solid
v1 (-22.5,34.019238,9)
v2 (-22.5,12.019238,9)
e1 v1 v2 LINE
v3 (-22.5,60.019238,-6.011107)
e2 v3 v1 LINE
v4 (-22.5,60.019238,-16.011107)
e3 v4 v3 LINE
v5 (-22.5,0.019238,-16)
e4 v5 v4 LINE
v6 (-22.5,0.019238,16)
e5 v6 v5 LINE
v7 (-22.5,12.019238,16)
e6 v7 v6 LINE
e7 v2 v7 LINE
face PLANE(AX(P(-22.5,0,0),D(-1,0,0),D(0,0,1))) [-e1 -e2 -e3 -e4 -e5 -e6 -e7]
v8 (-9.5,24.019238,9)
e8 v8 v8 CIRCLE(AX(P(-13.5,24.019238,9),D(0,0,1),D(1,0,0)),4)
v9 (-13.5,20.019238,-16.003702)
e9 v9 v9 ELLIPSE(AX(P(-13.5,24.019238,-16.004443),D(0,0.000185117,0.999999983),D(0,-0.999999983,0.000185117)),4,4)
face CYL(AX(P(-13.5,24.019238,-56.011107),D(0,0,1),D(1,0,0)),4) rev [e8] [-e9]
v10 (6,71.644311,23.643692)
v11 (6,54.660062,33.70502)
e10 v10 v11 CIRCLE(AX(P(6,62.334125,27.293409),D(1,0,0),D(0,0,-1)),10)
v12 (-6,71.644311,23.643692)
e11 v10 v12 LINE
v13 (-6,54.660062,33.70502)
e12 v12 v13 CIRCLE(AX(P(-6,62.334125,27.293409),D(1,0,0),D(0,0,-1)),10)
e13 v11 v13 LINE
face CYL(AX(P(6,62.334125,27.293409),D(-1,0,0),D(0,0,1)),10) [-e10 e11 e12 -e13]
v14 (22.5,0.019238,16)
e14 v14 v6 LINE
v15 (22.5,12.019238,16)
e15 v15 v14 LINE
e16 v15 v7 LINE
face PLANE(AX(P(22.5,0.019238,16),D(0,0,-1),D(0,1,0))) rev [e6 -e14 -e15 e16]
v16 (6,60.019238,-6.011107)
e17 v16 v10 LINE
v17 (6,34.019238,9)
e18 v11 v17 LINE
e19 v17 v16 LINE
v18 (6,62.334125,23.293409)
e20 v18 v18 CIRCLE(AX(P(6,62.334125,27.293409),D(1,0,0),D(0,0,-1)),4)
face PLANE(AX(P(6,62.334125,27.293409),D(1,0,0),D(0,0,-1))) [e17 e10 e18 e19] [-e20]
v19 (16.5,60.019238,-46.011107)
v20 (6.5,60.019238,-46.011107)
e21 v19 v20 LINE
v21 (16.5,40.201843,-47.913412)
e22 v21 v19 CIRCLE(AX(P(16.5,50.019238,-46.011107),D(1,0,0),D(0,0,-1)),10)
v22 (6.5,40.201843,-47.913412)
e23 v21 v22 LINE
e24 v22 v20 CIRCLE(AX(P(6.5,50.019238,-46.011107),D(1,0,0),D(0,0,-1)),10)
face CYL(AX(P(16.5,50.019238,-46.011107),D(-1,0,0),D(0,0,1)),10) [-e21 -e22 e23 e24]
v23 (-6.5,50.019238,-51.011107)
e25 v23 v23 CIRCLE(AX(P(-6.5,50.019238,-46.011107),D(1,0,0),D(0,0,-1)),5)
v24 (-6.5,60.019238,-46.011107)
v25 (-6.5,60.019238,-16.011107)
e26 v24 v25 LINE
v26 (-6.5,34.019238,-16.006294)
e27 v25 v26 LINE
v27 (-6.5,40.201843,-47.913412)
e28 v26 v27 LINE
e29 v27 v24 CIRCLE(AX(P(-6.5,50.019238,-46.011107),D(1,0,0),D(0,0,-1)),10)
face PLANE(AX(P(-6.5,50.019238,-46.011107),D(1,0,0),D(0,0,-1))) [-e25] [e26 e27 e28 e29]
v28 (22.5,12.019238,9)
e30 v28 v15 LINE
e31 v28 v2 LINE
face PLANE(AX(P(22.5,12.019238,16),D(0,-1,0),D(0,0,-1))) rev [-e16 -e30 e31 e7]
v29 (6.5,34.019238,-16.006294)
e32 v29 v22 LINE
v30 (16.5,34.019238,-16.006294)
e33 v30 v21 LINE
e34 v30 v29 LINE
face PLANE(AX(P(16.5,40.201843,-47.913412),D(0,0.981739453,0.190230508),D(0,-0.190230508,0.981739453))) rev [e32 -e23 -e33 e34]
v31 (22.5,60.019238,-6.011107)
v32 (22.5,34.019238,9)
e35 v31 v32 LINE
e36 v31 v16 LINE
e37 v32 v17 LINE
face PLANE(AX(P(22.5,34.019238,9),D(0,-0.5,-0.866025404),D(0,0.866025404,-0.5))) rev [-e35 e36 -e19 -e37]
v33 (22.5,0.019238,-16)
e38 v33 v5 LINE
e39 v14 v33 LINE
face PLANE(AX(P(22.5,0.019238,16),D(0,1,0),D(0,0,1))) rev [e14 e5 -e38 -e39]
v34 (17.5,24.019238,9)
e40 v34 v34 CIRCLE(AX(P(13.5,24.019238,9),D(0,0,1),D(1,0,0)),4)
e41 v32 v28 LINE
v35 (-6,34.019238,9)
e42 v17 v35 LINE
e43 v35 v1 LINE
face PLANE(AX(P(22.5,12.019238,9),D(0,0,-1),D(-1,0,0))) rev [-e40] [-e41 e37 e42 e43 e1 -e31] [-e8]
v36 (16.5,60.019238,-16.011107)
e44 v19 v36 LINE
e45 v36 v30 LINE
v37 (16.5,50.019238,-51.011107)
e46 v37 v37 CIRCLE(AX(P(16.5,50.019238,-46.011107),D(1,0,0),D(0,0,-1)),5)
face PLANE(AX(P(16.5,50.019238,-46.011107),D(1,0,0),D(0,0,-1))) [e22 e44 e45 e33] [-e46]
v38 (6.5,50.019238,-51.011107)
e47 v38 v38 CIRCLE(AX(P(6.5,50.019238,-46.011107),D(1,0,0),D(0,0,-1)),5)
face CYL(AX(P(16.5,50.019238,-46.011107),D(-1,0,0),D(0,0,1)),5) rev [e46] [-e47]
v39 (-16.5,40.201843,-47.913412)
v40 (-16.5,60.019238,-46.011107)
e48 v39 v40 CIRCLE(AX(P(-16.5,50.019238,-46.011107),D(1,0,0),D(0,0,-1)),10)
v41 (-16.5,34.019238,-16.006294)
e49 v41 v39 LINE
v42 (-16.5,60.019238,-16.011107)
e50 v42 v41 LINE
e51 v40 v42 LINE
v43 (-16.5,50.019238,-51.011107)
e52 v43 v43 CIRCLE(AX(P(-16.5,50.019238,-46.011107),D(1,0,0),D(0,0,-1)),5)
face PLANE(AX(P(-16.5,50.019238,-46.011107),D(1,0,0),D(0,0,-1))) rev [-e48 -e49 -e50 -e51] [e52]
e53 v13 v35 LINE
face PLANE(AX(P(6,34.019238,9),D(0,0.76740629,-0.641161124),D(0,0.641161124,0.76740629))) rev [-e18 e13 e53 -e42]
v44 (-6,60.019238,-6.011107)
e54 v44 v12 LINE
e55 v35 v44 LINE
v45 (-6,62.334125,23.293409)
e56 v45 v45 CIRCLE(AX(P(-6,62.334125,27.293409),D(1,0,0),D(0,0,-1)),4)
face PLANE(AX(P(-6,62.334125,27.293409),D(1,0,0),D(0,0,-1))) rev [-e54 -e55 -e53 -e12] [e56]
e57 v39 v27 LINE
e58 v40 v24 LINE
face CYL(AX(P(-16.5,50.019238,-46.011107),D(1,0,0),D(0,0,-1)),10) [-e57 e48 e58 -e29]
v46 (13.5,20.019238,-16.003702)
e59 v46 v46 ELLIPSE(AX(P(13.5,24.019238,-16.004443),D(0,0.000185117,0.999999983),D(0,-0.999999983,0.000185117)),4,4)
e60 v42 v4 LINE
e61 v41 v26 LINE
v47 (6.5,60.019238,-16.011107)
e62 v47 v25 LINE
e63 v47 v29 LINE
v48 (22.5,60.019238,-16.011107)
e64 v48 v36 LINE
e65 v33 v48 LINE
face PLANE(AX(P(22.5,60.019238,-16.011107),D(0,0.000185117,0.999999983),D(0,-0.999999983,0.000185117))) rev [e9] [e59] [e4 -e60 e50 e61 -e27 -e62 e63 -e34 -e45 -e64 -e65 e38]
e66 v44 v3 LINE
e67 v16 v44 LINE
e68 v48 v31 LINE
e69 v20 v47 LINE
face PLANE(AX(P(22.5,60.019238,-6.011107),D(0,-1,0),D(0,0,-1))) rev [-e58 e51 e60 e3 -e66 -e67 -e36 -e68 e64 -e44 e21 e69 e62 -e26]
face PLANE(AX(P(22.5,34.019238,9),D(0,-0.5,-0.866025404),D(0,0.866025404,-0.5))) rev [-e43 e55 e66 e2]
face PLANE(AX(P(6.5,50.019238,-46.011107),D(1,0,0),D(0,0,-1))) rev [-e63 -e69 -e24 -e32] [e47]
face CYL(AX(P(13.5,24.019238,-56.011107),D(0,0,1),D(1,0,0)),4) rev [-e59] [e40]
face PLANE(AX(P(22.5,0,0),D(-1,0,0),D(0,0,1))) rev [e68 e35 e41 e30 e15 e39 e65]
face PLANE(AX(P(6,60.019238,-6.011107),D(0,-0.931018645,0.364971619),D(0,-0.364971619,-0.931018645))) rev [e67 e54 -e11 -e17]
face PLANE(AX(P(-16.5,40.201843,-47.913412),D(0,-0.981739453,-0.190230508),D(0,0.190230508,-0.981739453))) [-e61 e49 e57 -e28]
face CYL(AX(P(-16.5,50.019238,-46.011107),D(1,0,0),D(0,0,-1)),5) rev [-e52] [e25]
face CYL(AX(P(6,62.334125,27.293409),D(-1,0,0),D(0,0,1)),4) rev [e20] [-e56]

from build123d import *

# Parameters (mm, degrees)
BOSS_EXTRUDE1_DEPTH = 22.5
BOSS_EXTRUDE2_START = 6.5
SKETCH2_R           = 5
BOSS_EXTRUDE2_DEPTH = 10
BOSS_EXTRUDE3_START = -16.5
SKETCH2_2_R         = 5
BOSS_EXTRUDE3_DEPTH = 10
SKETCH3_R           = 4
BOSS_EXTRUDE4_DEPTH = 6
SKETCH4_R           = 4
CUT_EXTRUDE1_DEPTH  = 100.824444172


with BuildPart() as part:
    # Sketch1 → Boss-Extrude1 (new, symmetric)
    with BuildSketch(Plane(origin=(0, 0, 0), x_dir=(0, 0, -1), z_dir=(1, 0, 0))):
        Polygon((-16, 0.019237886), (16, 0.019237886), (16.011106999, 60.019237886), (6.011106999, 60.019237886), (-9, 34.019237886), (-9, 12.019237886), (-16, 12.019237886), align=None)
    extrude(amount=BOSS_EXTRUDE1_DEPTH, both=True)

    # Sketch2 → Boss-Extrude2 (add)
    with BuildSketch(Plane(origin=(0, 0, 0), x_dir=(0, 0, -1), z_dir=(1, 0, 0)).offset(BOSS_EXTRUDE2_START)):
        with BuildLine():
            Line((16.006293966, 34.019238332), (16.011106999, 60.019237886))
            Line((16.011106999, 60.019237886), (46.011106999, 60.019237886))
            ThreePointArc((46.011106999, 60.019237886), (55.965350951, 50.974762528), (47.913412075, 40.201843354))
            Line((47.913412075, 40.201843354), (16.006293966, 34.019238332))
        make_face()
        with Locations((46.011106999, 50.019237886)):
            Circle(SKETCH2_R, mode=Mode.SUBTRACT)
    extrude(amount=BOSS_EXTRUDE2_DEPTH)

    # Sketch2<2> → Boss-Extrude3 (add)
    with BuildSketch(Plane(origin=(0, 0, 0), x_dir=(0, 0, -1), z_dir=(1, 0, 0)).offset(BOSS_EXTRUDE3_START)):
        with BuildLine():
            Line((16.006293966, 34.019238332), (16.011106999, 60.019237886))
            Line((16.011106999, 60.019237886), (46.011106999, 60.019237886))
            ThreePointArc((46.011106999, 60.019237886), (55.965350951, 50.974762528), (47.913412075, 40.201843354))
            Line((47.913412075, 40.201843354), (16.006293966, 34.019238332))
        make_face()
        with Locations((46.011106999, 50.019237886)):
            Circle(SKETCH2_2_R, mode=Mode.SUBTRACT)
    extrude(amount=BOSS_EXTRUDE3_DEPTH)

    # Sketch3 → Boss-Extrude4 (add, symmetric)
    with BuildSketch(Plane(origin=(0, 0, 0), x_dir=(0, 0, -1), z_dir=(1, 0, 0))):
        with BuildLine():
            Line((6.011106999, 60.019237886), (-9, 34.019237886))
            Line((-9, 34.019237886), (-33.705019764, 54.660061974))
            ThreePointArc((-33.705019764, 54.660061974), (-35.89708202, 67.430869171), (-23.643692341, 71.644311323))
            Line((-23.643692341, 71.644311323), (6.011106999, 60.019237886))
        make_face()
        with Locations((-27.293408528, 62.334124872)):
            Circle(SKETCH3_R, mode=Mode.SUBTRACT)
    extrude(amount=BOSS_EXTRUDE4_DEPTH, both=True)

    # Sketch4 → Cut-Extrude1 (cut, through all)
    with BuildSketch(Plane.XY.offset(9)):
        with Locations((-13.5, 24.019237886)):
            Circle(SKETCH4_R)
        with Locations((13.5, 24.019237886)):
            Circle(SKETCH4_R)
    extrude(amount=-CUT_EXTRUDE1_DEPTH, mode=Mode.SUBTRACT)


solid = part.part
